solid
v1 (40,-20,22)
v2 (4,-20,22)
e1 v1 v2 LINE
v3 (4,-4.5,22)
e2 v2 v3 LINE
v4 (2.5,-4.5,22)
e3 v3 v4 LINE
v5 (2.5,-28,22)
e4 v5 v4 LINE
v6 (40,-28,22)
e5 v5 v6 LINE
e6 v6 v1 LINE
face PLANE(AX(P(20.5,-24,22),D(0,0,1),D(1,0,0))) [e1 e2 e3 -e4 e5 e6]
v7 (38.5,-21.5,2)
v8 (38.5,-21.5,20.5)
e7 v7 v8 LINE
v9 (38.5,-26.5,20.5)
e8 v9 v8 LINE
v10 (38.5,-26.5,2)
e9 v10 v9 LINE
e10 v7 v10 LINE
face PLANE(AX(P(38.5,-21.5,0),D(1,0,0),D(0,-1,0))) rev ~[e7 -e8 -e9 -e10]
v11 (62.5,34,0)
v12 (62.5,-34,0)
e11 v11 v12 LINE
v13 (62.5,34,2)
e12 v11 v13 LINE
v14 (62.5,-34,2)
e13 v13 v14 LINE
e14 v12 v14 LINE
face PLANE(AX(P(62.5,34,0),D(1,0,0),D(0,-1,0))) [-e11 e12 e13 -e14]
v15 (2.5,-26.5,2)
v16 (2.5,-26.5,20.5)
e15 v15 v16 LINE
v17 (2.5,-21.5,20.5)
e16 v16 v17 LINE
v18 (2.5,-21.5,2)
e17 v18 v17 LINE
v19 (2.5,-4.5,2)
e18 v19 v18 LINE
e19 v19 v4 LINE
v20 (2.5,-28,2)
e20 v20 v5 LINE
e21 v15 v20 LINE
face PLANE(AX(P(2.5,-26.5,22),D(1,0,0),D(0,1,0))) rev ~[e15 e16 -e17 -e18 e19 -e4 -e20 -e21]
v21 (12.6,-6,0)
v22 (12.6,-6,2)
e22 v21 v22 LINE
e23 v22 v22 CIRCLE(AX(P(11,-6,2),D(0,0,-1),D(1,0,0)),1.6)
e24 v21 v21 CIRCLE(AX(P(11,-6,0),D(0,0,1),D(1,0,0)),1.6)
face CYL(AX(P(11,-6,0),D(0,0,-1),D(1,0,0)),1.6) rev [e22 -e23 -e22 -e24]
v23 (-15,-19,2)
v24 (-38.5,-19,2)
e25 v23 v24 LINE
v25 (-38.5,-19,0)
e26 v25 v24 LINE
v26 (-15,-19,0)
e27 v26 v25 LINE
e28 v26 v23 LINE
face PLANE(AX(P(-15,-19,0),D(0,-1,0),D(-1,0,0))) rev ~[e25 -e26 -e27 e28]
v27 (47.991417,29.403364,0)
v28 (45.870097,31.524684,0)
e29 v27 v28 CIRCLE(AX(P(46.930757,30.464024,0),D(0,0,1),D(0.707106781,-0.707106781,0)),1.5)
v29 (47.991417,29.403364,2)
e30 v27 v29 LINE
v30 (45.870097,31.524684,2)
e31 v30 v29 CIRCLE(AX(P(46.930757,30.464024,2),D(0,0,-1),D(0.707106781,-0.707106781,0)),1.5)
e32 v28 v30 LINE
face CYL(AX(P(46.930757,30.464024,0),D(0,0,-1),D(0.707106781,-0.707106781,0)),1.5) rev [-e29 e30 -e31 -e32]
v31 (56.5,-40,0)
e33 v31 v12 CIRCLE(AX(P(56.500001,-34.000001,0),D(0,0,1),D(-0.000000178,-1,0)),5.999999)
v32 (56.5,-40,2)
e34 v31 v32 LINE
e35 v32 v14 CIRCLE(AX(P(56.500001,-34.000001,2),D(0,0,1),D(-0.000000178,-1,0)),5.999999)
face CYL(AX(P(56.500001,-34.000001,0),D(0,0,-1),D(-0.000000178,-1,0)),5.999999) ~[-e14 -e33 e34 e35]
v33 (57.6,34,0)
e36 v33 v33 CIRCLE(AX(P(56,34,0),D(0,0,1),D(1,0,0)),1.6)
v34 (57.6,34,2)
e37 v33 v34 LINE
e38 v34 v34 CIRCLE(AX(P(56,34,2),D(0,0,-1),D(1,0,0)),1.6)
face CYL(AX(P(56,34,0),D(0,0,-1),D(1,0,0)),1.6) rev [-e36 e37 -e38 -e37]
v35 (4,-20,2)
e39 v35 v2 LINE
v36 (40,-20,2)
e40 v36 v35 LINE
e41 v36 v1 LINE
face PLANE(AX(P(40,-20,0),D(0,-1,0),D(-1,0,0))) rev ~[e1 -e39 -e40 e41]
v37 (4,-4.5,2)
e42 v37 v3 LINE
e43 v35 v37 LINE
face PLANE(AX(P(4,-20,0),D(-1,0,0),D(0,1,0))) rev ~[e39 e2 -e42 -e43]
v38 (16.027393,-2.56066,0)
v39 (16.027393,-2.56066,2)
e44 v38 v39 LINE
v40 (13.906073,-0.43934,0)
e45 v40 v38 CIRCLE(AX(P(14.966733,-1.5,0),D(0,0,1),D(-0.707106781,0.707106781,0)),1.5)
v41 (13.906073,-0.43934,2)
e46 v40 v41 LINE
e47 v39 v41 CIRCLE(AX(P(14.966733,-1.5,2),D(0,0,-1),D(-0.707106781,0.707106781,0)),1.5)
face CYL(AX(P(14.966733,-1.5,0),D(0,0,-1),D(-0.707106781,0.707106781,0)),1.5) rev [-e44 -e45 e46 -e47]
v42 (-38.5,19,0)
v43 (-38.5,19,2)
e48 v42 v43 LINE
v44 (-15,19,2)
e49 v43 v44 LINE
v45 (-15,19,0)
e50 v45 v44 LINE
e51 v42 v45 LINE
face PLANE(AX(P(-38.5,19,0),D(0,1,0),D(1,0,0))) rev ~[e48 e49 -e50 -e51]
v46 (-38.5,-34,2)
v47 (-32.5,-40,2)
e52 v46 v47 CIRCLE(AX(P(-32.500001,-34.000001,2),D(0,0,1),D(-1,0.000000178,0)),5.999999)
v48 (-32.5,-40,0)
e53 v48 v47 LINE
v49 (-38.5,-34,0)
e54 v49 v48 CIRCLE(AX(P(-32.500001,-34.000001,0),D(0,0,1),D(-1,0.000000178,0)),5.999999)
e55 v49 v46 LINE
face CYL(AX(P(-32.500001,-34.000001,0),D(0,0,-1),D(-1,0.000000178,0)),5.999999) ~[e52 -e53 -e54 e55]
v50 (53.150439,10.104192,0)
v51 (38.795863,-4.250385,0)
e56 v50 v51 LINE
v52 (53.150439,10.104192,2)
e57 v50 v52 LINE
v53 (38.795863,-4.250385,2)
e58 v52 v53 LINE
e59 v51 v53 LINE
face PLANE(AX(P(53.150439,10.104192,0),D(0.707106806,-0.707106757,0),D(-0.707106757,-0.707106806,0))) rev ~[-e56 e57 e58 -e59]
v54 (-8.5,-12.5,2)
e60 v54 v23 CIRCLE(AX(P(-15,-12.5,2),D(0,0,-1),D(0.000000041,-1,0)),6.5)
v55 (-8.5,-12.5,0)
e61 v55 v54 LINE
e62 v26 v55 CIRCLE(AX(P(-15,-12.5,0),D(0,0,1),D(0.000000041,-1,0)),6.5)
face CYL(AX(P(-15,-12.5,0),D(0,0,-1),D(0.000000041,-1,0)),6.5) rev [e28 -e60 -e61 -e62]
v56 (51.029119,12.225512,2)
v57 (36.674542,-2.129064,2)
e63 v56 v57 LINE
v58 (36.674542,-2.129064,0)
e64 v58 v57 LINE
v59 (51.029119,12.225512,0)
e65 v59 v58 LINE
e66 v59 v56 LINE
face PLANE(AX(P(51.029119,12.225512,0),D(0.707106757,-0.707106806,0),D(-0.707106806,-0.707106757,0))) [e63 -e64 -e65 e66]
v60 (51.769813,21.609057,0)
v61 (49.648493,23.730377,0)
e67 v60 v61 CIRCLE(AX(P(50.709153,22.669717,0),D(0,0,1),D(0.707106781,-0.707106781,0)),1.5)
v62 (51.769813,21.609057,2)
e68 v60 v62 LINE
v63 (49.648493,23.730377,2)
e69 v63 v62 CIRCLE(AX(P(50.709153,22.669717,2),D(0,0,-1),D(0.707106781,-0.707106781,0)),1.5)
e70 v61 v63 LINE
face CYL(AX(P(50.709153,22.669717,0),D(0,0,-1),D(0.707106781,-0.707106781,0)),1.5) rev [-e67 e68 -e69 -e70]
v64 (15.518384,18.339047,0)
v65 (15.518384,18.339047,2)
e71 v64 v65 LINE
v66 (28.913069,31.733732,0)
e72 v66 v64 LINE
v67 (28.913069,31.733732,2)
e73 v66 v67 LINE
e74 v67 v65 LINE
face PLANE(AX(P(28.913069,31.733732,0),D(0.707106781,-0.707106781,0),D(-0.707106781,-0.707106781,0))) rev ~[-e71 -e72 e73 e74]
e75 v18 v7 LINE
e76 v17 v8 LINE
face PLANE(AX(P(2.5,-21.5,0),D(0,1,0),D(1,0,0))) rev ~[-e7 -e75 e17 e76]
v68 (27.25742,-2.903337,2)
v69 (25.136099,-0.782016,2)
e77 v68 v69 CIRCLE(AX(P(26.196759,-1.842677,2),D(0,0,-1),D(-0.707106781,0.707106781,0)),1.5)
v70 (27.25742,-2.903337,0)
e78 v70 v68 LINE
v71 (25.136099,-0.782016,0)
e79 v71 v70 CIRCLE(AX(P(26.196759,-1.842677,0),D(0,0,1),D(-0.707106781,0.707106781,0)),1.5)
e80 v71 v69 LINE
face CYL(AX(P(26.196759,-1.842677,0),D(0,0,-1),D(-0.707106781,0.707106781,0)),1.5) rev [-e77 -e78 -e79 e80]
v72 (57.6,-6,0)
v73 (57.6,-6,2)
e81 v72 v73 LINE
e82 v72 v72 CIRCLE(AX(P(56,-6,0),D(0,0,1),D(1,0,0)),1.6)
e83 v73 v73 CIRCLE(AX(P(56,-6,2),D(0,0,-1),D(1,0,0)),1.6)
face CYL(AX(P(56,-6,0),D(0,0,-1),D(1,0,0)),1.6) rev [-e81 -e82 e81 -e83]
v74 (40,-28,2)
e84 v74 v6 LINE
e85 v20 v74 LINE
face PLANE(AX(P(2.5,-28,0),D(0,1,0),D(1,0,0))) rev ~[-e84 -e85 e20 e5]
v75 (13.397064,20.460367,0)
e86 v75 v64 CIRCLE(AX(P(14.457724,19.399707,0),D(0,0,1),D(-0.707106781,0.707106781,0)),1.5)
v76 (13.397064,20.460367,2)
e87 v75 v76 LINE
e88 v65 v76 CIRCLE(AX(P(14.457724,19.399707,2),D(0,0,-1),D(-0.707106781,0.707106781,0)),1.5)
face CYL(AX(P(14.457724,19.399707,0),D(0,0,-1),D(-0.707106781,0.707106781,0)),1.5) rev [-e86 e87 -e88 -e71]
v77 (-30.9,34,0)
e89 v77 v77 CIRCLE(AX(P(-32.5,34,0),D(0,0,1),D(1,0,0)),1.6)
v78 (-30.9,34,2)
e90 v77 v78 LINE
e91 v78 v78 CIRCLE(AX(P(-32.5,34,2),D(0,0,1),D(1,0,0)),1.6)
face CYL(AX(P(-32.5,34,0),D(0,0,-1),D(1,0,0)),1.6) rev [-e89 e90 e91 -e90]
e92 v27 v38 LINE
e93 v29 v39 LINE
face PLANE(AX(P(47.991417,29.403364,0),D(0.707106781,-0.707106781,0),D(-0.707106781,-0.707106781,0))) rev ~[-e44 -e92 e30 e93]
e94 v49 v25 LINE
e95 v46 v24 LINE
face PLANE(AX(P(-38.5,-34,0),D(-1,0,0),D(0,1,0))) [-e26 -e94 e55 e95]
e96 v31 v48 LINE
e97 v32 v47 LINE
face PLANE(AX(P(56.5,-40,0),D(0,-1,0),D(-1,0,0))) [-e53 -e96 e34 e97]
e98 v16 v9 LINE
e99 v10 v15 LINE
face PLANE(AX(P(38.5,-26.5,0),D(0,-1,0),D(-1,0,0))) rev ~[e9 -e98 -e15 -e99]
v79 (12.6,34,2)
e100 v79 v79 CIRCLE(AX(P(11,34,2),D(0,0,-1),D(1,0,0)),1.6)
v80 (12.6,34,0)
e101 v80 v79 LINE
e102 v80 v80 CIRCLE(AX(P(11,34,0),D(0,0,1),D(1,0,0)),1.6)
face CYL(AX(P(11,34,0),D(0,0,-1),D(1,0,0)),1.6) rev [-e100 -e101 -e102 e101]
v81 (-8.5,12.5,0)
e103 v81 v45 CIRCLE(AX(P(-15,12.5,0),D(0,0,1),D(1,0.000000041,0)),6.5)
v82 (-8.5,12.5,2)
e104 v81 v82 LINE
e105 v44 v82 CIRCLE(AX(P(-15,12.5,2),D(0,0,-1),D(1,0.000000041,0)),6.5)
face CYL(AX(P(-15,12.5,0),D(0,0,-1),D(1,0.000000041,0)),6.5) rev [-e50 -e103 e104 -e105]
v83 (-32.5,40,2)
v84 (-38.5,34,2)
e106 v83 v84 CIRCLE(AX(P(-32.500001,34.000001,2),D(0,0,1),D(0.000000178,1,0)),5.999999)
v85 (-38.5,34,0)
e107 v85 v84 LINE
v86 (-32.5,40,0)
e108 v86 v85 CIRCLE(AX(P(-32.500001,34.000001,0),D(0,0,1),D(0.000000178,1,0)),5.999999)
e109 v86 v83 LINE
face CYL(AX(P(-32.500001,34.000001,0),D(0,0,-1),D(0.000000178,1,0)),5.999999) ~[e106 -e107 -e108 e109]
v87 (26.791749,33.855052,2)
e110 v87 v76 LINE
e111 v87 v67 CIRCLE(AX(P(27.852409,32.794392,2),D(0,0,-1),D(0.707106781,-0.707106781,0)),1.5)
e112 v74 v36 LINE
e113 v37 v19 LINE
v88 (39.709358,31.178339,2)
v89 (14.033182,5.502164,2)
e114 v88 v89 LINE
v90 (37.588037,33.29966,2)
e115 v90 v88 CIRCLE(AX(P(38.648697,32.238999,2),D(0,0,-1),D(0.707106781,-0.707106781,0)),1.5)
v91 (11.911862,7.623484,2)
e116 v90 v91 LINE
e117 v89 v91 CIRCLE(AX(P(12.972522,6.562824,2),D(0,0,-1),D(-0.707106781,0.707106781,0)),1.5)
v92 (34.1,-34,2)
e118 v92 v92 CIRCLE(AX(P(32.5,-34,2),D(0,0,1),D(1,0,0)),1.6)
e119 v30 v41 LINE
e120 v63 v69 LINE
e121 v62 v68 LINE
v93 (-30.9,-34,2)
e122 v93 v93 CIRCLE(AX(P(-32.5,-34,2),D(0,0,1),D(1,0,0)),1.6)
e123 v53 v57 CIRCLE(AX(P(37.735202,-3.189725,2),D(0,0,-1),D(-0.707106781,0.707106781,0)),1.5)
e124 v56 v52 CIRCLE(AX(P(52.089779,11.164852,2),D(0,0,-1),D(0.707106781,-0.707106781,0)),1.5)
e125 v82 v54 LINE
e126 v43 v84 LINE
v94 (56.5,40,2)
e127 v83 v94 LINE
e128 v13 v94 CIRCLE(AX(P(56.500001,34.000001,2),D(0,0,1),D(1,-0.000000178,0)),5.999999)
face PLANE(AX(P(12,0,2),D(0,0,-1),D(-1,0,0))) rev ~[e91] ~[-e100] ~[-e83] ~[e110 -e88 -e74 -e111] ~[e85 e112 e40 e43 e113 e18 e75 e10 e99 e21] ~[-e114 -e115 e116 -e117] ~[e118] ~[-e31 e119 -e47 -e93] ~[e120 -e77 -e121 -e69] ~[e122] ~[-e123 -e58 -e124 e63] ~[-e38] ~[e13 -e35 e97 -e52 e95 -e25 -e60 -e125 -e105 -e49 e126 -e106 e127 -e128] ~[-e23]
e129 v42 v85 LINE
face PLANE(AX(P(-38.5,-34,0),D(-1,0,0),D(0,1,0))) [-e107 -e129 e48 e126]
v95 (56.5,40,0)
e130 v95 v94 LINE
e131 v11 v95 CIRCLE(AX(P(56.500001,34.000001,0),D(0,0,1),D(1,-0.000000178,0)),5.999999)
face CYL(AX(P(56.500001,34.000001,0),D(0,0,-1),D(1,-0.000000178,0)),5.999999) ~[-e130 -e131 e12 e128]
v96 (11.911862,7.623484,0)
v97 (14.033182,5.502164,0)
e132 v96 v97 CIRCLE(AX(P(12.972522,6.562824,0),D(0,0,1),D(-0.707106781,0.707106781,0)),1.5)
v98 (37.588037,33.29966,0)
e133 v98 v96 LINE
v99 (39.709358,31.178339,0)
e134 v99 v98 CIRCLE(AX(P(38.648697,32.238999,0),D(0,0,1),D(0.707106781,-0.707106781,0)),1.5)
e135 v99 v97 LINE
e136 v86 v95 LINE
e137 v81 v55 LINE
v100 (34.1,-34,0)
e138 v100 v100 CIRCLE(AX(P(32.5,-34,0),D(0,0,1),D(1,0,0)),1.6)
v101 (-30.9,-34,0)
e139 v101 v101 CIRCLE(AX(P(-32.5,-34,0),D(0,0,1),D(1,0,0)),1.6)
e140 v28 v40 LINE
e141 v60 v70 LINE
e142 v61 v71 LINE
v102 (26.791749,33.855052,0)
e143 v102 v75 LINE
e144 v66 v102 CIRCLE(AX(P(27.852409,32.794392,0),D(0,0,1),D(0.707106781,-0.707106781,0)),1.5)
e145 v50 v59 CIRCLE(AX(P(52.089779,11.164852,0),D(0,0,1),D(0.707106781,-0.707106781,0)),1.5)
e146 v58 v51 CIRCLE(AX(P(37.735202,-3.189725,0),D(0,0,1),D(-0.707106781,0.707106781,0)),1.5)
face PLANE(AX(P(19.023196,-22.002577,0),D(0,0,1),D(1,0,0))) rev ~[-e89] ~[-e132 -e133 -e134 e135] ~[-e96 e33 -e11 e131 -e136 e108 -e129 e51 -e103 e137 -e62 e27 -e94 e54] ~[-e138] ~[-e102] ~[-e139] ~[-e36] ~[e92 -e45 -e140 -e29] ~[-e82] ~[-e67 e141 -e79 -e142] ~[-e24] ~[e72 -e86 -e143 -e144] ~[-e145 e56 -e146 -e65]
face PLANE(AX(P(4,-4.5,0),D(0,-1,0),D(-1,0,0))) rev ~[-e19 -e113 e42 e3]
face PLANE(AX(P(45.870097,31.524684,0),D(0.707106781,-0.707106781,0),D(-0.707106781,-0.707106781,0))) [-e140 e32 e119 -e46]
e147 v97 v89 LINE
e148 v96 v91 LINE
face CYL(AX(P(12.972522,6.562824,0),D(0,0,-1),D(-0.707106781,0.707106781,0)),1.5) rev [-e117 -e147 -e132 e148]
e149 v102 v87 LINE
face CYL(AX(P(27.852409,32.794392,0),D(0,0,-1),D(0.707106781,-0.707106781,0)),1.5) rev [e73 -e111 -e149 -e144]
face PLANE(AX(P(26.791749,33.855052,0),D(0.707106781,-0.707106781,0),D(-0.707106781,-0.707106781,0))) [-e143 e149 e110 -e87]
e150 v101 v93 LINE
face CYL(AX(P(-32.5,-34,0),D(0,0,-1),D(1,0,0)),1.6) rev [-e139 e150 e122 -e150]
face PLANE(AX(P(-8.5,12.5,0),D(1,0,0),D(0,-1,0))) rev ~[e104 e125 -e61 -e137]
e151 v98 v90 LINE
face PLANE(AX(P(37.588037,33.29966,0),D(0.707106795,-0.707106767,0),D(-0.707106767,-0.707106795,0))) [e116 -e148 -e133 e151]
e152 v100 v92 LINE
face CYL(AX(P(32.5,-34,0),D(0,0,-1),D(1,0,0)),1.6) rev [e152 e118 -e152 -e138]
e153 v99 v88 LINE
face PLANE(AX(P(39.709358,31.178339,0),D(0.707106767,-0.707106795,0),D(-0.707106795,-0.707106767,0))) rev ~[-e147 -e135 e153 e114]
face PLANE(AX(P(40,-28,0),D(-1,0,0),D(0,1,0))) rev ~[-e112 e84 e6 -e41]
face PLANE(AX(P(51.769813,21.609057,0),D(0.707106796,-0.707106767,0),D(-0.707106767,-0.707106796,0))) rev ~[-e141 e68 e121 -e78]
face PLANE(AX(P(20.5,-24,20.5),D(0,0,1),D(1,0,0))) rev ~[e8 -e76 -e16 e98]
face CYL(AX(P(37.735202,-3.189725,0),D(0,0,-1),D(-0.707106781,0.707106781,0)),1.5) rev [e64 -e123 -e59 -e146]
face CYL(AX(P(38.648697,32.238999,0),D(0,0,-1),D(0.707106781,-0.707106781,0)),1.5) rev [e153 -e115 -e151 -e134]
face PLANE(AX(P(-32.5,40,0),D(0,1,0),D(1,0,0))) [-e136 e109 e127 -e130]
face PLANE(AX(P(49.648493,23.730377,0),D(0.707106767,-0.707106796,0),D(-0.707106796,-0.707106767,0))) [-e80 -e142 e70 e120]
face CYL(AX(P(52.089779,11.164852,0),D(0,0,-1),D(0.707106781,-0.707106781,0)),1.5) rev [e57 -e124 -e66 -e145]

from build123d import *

# Parameters (mm, degrees)
SKETCH_R        = 1.6
PAD_DEPTH       = 2
PAD001_DEPTH    = 22
SKETCH002_W     = 36
SKETCH002_H     = 5
PAD002_DEPTH    = 1.5
POCKET_DEPTH    = 22.001
SKETCH004_R     = 1.6
POCKET001_DEPTH = 22.001
POCKET002_DEPTH = 22.001


with BuildPart() as part:
    # Sketch → Pad (new body)
    with BuildSketch(Plane.XY):
        with BuildLine():
            Line((-32.5, 40), (56.5, 40))
            ThreePointArc((62.5, 34), (60.742641, 38.242641), (56.5, 40))
            Line((62.5, 34), (62.5, -34))
            ThreePointArc((56.5, -40), (60.742641, -38.242641), (62.5, -34))
            Line((56.5, -40), (-32.5, -40))
            ThreePointArc((-38.5, -34), (-36.742641, -38.242641), (-32.5, -40))
            Line((-38.5, -34), (-38.5, 34))
            ThreePointArc((-32.5, 40), (-36.742641, 38.242641), (-38.5, 34))
        make_face()
        with Locations((-32.5, 34)):
            Circle(SKETCH_R, mode=Mode.SUBTRACT)
        with Locations((-32.5, -34)):
            Circle(SKETCH_R, mode=Mode.SUBTRACT)
        with Locations((32.5, -34)):
            Circle(SKETCH_R, mode=Mode.SUBTRACT)
    extrude(amount=PAD_DEPTH)

    # Sketch001 → Pad001 (join)
    with BuildSketch(Plane.XY):
        Polygon((4, -4.5), (2.5, -4.5), (2.5, -21.5), (38.5, -21.5), (38.5, -26.5), (2.5, -26.5), (2.5, -28), (40, -28), (40, -20), (4, -20), align=None)
    extrude(amount=PAD001_DEPTH)

    # Sketch002 (on DatumPlane) → Pad002 (join)
    with BuildSketch(Plane.XY.offset(22)):
        with Locations((20.5, -24)):
            Rectangle(SKETCH002_W, SKETCH002_H)
    extrude(amount=-PAD002_DEPTH)

    # Sketch003 → Pocket (cut, through all)
    with BuildSketch(Plane.XY):
        with BuildLine():
            Line((-38.5, 19), (-15, 19))
            ThreePointArc((-8.5, 12.5), (-10.403806, 17.096194), (-15, 19))
            Line((-8.5, 12.5), (-8.5, -12.5))
            ThreePointArc((-15, -19), (-10.403806, -17.096194), (-8.5, -12.5))
            Line((-15, -19), (-38.5, -19))
            Line((-38.5, -19), (-38.5, 19))
        make_face()
    extrude(amount=POCKET_DEPTH, mode=Mode.SUBTRACT)

    # Sketch004 → Pocket001 (cut, through all)
    with BuildSketch(Plane.XY):
        with Locations((11, 34)):
            Circle(SKETCH004_R)
        with Locations((11, -6)):
            Circle(SKETCH004_R)
        with Locations((56, 34)):
            Circle(SKETCH004_R)
        with Locations((56, -6)):
            Circle(SKETCH004_R)
    extrude(amount=POCKET001_DEPTH, mode=Mode.SUBTRACT)

    # Sketch005 → Pocket002 (cut, through all)
    with BuildSketch(Plane.XY):
        with BuildLine():
            ThreePointArc((28.913069, 31.733732), (28.913069, 33.855052), (26.791749, 33.855052))
            Line((26.791749, 33.855052), (13.397064, 20.460367))
            ThreePointArc((13.397064, 20.460367), (13.397064, 18.339047), (15.518384, 18.339047))
            Line((28.913069, 31.733732), (15.518384, 18.339047))
        make_face()
        with BuildLine():
            ThreePointArc((39.709358, 31.178339), (39.709358, 33.29966), (37.588037, 33.29966))
            Line((37.588037, 33.29966), (11.911862, 7.623484))
            ThreePointArc((11.911862, 7.623484), (11.911862, 5.502164), (14.033182, 5.502164))
            Line((39.709358, 31.178339), (14.033182, 5.502164))
        make_face()
        with BuildLine():
            ThreePointArc((47.991417, 29.403364), (47.991417, 31.524684), (45.870097, 31.524684))
            Line((45.870097, 31.524684), (13.906073, -0.43934))
            ThreePointArc((13.906073, -0.43934), (13.906073, -2.56066), (16.027393, -2.56066))
            Line((47.991417, 29.403364), (16.027393, -2.56066))
        make_face()
        with BuildLine():
            ThreePointArc((51.769813, 21.609057), (51.769813, 23.730377), (49.648493, 23.730377))
            Line((49.648493, 23.730377), (25.136099, -0.782016))
            ThreePointArc((25.136099, -0.782016), (25.136099, -2.903337), (27.25742, -2.903337))
            Line((51.769813, 21.609057), (27.25742, -2.903337))
        make_face()
        with BuildLine():
            ThreePointArc((53.150439, 10.104192), (53.150439, 12.225512), (51.029119, 12.225512))
            Line((51.029119, 12.225512), (36.674542, -2.129064))
            ThreePointArc((36.674542, -2.129064), (36.674542, -4.250385), (38.795863, -4.250385))
            Line((53.150439, 10.104192), (38.795863, -4.250385))
        make_face()
    extrude(amount=POCKET002_DEPTH, mode=Mode.SUBTRACT)


solid = part.part
